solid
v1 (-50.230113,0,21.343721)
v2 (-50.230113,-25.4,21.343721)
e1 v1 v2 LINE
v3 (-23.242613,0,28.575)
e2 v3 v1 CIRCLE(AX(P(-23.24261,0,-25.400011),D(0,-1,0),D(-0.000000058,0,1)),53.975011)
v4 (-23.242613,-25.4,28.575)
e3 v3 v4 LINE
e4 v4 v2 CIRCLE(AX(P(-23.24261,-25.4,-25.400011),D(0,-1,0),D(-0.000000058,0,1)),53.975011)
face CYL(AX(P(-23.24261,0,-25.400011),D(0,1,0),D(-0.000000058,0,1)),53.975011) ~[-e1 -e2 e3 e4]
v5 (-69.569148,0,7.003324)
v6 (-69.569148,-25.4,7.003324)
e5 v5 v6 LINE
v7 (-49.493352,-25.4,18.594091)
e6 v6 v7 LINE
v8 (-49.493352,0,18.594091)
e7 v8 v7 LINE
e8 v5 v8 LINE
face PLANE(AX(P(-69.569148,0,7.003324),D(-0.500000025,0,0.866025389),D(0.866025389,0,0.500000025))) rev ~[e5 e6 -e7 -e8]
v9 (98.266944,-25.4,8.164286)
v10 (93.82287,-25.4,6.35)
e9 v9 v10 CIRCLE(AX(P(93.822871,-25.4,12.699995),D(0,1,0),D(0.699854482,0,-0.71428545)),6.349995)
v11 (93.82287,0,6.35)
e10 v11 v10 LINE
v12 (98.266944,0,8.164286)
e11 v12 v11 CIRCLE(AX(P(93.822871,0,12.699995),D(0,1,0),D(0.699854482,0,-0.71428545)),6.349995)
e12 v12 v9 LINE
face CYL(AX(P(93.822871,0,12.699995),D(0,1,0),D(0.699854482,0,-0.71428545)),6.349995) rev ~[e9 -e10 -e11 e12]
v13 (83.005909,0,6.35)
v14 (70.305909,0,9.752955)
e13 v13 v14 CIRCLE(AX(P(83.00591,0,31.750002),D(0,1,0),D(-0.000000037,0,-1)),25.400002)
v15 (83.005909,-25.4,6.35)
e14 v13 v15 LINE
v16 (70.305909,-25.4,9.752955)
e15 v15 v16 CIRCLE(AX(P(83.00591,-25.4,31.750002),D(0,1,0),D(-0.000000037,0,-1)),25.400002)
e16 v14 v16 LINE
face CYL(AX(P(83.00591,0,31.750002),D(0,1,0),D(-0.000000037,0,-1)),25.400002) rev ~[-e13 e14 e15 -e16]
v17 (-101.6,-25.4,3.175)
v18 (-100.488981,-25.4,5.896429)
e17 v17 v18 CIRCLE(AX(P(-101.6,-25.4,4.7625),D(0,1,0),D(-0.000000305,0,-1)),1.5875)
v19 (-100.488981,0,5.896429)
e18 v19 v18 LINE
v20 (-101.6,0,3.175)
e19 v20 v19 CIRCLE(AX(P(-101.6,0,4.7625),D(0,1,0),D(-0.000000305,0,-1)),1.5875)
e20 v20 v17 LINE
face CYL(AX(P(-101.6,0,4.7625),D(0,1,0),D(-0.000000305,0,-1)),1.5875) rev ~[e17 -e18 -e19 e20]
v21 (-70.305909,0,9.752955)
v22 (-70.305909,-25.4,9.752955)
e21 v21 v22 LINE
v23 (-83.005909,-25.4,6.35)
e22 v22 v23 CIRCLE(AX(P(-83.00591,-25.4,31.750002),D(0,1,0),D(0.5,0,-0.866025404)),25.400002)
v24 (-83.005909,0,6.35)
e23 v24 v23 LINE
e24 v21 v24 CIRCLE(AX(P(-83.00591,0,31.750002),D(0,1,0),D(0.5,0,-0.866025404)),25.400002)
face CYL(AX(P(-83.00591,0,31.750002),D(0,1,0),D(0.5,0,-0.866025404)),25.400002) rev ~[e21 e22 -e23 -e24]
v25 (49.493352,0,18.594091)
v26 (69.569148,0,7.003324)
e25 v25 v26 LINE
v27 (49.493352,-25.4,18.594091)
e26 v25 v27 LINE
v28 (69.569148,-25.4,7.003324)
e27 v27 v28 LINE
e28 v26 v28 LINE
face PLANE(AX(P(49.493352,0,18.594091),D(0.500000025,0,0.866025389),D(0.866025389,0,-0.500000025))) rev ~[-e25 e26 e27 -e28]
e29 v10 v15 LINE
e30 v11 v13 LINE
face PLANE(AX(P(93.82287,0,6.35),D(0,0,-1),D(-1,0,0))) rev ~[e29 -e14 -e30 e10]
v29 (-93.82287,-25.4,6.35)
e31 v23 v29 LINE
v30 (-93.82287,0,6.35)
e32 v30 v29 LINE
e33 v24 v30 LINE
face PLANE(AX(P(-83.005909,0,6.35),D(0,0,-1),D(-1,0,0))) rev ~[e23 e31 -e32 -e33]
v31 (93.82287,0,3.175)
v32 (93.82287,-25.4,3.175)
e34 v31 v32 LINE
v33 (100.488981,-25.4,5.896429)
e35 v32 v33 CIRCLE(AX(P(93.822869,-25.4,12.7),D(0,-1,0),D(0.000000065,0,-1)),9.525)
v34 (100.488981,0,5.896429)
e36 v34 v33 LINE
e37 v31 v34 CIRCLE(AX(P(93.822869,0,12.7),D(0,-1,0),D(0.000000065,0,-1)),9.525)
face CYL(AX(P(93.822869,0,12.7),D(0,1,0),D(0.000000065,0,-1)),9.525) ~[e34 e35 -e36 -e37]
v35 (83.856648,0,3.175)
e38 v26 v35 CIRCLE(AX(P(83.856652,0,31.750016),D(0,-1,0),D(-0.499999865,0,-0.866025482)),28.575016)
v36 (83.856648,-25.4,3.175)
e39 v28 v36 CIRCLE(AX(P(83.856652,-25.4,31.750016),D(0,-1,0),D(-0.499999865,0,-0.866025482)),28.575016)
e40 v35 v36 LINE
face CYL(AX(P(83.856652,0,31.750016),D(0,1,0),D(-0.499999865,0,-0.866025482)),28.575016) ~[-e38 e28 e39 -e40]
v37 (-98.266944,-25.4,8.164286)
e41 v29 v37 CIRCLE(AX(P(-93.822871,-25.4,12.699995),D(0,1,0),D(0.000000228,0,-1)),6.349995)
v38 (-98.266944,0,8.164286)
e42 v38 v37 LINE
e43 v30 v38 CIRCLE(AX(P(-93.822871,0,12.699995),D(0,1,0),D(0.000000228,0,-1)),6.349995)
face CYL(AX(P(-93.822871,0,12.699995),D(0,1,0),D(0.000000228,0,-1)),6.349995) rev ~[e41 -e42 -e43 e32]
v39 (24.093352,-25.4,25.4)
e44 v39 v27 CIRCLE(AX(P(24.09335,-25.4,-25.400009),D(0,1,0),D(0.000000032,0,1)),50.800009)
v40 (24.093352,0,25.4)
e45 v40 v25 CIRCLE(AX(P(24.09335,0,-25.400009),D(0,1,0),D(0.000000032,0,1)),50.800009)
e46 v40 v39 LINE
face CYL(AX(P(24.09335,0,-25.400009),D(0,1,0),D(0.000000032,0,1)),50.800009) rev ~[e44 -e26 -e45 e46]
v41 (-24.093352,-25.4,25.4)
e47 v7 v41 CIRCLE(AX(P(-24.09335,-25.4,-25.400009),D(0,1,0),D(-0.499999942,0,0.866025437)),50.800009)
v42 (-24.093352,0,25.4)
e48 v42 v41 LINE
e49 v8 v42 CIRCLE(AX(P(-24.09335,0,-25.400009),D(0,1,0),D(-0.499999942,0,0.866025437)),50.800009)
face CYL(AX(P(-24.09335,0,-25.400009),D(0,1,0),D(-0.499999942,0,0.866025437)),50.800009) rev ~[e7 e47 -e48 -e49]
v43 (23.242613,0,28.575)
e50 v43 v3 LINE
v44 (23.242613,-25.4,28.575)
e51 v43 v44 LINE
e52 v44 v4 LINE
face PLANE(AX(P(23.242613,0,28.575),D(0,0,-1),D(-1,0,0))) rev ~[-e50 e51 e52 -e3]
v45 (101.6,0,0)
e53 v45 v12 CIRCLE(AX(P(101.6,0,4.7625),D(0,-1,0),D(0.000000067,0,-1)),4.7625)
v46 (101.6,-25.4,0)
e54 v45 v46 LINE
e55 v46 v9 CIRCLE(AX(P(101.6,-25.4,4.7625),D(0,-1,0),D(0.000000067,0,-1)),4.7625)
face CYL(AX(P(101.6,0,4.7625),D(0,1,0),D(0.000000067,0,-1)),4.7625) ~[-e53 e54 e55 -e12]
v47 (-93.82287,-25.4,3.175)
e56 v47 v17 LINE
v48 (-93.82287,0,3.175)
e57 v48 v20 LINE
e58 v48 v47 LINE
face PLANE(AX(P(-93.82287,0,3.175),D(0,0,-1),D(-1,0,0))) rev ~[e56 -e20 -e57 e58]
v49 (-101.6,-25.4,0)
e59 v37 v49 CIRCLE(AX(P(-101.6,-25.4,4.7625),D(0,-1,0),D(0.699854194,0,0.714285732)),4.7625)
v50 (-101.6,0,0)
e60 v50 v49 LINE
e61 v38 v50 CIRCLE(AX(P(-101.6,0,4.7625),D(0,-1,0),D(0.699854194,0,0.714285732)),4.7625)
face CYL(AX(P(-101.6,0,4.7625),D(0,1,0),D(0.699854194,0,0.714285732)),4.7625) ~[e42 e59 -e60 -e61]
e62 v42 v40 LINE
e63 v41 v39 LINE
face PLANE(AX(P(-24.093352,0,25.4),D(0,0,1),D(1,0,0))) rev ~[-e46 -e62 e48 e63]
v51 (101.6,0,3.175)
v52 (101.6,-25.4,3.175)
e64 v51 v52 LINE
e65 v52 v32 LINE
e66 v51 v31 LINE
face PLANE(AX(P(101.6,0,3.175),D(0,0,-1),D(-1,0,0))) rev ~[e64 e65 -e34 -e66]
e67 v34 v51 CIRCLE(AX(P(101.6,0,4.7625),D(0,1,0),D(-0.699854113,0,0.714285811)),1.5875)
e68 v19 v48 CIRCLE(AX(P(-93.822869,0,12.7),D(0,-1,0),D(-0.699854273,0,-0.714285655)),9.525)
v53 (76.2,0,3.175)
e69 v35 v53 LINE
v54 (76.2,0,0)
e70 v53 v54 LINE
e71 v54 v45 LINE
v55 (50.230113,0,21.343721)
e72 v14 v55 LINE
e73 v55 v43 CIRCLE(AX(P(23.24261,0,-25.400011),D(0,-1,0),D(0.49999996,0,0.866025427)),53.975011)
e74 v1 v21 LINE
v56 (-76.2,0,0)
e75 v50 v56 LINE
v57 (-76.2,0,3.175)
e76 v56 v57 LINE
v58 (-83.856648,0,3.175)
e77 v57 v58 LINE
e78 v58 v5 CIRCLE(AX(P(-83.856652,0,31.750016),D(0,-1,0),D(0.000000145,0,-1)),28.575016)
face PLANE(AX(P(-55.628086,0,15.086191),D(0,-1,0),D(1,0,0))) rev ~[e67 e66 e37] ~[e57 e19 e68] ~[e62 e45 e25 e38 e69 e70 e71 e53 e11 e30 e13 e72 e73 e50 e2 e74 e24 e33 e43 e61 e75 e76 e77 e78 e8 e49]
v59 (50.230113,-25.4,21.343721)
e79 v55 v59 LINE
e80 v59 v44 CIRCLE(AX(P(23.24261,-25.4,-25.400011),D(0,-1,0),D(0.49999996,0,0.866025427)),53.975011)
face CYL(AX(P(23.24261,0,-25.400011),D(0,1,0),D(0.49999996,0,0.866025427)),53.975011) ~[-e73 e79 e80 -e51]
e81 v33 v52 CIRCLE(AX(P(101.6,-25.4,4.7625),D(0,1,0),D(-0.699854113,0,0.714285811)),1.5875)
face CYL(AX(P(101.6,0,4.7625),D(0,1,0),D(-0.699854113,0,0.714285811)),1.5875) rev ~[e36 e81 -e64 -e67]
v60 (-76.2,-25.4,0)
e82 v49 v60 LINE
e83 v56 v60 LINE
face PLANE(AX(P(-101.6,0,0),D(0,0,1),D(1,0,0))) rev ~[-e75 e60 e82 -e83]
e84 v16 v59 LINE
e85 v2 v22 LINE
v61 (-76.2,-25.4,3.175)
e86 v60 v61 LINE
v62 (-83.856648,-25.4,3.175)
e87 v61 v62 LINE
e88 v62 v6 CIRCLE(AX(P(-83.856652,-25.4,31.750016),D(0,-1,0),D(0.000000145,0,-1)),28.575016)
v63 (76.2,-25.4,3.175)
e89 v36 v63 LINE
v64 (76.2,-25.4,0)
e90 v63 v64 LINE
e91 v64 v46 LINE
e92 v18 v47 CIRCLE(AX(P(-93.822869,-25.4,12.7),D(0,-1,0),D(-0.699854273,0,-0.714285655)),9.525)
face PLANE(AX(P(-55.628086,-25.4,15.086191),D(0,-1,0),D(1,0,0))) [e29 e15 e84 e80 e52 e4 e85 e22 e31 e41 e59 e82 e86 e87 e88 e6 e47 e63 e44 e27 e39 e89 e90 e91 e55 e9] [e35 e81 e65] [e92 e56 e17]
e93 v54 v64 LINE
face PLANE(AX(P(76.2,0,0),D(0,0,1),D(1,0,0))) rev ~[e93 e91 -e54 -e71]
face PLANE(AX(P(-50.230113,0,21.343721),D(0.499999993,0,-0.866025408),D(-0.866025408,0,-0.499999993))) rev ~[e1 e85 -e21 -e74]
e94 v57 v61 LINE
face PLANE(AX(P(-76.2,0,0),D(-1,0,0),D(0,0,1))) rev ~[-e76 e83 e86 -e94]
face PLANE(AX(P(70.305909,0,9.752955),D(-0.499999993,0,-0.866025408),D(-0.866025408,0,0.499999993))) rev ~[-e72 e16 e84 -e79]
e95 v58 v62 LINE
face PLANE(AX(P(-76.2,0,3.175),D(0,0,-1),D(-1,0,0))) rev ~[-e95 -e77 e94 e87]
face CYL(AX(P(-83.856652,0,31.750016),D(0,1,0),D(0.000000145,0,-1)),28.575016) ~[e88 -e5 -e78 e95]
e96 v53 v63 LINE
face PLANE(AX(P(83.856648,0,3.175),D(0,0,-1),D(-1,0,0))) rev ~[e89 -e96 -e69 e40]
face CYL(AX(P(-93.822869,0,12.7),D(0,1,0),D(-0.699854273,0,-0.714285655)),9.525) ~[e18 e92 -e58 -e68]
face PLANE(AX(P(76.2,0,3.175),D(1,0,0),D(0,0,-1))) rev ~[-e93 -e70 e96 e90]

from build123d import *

# Parameters (mm, degrees)
F1_DEPTH = 25.4


with BuildPart() as f1:
    # F0 (on Front) → F1 (new body)
    with BuildSketch(Plane.XZ):
        with BuildLine():
            Line((-101.6, 0), (-76.2, 0))
            Line((-76.2, 0), (-76.2, 3.175))
            Line((-76.2, 3.175), (-83.856648, 3.175))
            ThreePointArc((-83.856648, 3.175), (-76.460894, 4.14867), (-69.569148, 7.003324))
            Line((-69.569148, 7.003324), (-49.493352, 18.594091))
            ThreePointArc((-49.493352, 18.594091), (-37.241359, 23.669032), (-24.093352, 25.4))
            Line((-24.093352, 25.4), (0, 25.4))
            Line((0, 25.4), (0, 28.575))
            Line((0, 28.575), (-23.242613, 28.575))
            ThreePointArc((-23.242613, 28.575), (-37.212371, 26.735846), (-50.230113, 21.343721))
            Line((-50.230113, 21.343721), (-70.305909, 9.752955))
            ThreePointArc((-70.305909, 9.752955), (-76.431906, 7.215484), (-83.005909, 6.35))
            Line((-83.005909, 6.35), (-93.82287, 6.35))
            ThreePointArc((-93.82287, 6.35), (-96.222944, 6.821042), (-98.266944, 8.164286))
            ThreePointArc((-98.266944, 8.164286), (-106.009218, 6.562556), (-101.6, 0))
        make_face()
        with BuildLine():
            ThreePointArc((-100.488981, 5.896429), (-97.422982, 3.881564), (-93.82287, 3.175))
            Line((-93.82287, 3.175), (-101.6, 3.175))
            ThreePointArc((-101.6, 3.175), (-103.069739, 5.362519), (-100.488981, 5.896429))
        make_face(mode=Mode.SUBTRACT)
        with BuildLine():
            Line((0, 28.575), (0, 25.4))
            Line((0, 25.4), (24.093352, 25.4))
            ThreePointArc((24.093352, 25.4), (37.241359, 23.669032), (49.493352, 18.594091))
            Line((49.493352, 18.594091), (69.569148, 7.003324))
            ThreePointArc((69.569148, 7.003324), (76.460894, 4.14867), (83.856648, 3.175))
            Line((83.856648, 3.175), (76.2, 3.175))
            Line((76.2, 3.175), (76.2, 0))
            Line((76.2, 0), (101.6, 0))
            ThreePointArc((101.6, 0), (106.009218, 6.562556), (98.266944, 8.164286))
            ThreePointArc((98.266944, 8.164286), (96.222944, 6.821042), (93.82287, 6.35))
            Line((93.82287, 6.35), (83.005909, 6.35))
            ThreePointArc((83.005909, 6.35), (76.431906, 7.215484), (70.305909, 9.752955))
            Line((70.305909, 9.752955), (50.230113, 21.343721))
            ThreePointArc((50.230113, 21.343721), (37.212371, 26.735846), (23.242613, 28.575))
            Line((23.242613, 28.575), (0, 28.575))
        make_face()
        with BuildLine():
            Line((101.6, 3.175), (93.82287, 3.175))
            ThreePointArc((93.82287, 3.175), (97.422982, 3.881564), (100.488981, 5.896429))
            ThreePointArc((100.488981, 5.896429), (103.069739, 5.362519), (101.6, 3.175))
        make_face(mode=Mode.SUBTRACT)
    extrude(amount=F1_DEPTH)


solid = f1.part
